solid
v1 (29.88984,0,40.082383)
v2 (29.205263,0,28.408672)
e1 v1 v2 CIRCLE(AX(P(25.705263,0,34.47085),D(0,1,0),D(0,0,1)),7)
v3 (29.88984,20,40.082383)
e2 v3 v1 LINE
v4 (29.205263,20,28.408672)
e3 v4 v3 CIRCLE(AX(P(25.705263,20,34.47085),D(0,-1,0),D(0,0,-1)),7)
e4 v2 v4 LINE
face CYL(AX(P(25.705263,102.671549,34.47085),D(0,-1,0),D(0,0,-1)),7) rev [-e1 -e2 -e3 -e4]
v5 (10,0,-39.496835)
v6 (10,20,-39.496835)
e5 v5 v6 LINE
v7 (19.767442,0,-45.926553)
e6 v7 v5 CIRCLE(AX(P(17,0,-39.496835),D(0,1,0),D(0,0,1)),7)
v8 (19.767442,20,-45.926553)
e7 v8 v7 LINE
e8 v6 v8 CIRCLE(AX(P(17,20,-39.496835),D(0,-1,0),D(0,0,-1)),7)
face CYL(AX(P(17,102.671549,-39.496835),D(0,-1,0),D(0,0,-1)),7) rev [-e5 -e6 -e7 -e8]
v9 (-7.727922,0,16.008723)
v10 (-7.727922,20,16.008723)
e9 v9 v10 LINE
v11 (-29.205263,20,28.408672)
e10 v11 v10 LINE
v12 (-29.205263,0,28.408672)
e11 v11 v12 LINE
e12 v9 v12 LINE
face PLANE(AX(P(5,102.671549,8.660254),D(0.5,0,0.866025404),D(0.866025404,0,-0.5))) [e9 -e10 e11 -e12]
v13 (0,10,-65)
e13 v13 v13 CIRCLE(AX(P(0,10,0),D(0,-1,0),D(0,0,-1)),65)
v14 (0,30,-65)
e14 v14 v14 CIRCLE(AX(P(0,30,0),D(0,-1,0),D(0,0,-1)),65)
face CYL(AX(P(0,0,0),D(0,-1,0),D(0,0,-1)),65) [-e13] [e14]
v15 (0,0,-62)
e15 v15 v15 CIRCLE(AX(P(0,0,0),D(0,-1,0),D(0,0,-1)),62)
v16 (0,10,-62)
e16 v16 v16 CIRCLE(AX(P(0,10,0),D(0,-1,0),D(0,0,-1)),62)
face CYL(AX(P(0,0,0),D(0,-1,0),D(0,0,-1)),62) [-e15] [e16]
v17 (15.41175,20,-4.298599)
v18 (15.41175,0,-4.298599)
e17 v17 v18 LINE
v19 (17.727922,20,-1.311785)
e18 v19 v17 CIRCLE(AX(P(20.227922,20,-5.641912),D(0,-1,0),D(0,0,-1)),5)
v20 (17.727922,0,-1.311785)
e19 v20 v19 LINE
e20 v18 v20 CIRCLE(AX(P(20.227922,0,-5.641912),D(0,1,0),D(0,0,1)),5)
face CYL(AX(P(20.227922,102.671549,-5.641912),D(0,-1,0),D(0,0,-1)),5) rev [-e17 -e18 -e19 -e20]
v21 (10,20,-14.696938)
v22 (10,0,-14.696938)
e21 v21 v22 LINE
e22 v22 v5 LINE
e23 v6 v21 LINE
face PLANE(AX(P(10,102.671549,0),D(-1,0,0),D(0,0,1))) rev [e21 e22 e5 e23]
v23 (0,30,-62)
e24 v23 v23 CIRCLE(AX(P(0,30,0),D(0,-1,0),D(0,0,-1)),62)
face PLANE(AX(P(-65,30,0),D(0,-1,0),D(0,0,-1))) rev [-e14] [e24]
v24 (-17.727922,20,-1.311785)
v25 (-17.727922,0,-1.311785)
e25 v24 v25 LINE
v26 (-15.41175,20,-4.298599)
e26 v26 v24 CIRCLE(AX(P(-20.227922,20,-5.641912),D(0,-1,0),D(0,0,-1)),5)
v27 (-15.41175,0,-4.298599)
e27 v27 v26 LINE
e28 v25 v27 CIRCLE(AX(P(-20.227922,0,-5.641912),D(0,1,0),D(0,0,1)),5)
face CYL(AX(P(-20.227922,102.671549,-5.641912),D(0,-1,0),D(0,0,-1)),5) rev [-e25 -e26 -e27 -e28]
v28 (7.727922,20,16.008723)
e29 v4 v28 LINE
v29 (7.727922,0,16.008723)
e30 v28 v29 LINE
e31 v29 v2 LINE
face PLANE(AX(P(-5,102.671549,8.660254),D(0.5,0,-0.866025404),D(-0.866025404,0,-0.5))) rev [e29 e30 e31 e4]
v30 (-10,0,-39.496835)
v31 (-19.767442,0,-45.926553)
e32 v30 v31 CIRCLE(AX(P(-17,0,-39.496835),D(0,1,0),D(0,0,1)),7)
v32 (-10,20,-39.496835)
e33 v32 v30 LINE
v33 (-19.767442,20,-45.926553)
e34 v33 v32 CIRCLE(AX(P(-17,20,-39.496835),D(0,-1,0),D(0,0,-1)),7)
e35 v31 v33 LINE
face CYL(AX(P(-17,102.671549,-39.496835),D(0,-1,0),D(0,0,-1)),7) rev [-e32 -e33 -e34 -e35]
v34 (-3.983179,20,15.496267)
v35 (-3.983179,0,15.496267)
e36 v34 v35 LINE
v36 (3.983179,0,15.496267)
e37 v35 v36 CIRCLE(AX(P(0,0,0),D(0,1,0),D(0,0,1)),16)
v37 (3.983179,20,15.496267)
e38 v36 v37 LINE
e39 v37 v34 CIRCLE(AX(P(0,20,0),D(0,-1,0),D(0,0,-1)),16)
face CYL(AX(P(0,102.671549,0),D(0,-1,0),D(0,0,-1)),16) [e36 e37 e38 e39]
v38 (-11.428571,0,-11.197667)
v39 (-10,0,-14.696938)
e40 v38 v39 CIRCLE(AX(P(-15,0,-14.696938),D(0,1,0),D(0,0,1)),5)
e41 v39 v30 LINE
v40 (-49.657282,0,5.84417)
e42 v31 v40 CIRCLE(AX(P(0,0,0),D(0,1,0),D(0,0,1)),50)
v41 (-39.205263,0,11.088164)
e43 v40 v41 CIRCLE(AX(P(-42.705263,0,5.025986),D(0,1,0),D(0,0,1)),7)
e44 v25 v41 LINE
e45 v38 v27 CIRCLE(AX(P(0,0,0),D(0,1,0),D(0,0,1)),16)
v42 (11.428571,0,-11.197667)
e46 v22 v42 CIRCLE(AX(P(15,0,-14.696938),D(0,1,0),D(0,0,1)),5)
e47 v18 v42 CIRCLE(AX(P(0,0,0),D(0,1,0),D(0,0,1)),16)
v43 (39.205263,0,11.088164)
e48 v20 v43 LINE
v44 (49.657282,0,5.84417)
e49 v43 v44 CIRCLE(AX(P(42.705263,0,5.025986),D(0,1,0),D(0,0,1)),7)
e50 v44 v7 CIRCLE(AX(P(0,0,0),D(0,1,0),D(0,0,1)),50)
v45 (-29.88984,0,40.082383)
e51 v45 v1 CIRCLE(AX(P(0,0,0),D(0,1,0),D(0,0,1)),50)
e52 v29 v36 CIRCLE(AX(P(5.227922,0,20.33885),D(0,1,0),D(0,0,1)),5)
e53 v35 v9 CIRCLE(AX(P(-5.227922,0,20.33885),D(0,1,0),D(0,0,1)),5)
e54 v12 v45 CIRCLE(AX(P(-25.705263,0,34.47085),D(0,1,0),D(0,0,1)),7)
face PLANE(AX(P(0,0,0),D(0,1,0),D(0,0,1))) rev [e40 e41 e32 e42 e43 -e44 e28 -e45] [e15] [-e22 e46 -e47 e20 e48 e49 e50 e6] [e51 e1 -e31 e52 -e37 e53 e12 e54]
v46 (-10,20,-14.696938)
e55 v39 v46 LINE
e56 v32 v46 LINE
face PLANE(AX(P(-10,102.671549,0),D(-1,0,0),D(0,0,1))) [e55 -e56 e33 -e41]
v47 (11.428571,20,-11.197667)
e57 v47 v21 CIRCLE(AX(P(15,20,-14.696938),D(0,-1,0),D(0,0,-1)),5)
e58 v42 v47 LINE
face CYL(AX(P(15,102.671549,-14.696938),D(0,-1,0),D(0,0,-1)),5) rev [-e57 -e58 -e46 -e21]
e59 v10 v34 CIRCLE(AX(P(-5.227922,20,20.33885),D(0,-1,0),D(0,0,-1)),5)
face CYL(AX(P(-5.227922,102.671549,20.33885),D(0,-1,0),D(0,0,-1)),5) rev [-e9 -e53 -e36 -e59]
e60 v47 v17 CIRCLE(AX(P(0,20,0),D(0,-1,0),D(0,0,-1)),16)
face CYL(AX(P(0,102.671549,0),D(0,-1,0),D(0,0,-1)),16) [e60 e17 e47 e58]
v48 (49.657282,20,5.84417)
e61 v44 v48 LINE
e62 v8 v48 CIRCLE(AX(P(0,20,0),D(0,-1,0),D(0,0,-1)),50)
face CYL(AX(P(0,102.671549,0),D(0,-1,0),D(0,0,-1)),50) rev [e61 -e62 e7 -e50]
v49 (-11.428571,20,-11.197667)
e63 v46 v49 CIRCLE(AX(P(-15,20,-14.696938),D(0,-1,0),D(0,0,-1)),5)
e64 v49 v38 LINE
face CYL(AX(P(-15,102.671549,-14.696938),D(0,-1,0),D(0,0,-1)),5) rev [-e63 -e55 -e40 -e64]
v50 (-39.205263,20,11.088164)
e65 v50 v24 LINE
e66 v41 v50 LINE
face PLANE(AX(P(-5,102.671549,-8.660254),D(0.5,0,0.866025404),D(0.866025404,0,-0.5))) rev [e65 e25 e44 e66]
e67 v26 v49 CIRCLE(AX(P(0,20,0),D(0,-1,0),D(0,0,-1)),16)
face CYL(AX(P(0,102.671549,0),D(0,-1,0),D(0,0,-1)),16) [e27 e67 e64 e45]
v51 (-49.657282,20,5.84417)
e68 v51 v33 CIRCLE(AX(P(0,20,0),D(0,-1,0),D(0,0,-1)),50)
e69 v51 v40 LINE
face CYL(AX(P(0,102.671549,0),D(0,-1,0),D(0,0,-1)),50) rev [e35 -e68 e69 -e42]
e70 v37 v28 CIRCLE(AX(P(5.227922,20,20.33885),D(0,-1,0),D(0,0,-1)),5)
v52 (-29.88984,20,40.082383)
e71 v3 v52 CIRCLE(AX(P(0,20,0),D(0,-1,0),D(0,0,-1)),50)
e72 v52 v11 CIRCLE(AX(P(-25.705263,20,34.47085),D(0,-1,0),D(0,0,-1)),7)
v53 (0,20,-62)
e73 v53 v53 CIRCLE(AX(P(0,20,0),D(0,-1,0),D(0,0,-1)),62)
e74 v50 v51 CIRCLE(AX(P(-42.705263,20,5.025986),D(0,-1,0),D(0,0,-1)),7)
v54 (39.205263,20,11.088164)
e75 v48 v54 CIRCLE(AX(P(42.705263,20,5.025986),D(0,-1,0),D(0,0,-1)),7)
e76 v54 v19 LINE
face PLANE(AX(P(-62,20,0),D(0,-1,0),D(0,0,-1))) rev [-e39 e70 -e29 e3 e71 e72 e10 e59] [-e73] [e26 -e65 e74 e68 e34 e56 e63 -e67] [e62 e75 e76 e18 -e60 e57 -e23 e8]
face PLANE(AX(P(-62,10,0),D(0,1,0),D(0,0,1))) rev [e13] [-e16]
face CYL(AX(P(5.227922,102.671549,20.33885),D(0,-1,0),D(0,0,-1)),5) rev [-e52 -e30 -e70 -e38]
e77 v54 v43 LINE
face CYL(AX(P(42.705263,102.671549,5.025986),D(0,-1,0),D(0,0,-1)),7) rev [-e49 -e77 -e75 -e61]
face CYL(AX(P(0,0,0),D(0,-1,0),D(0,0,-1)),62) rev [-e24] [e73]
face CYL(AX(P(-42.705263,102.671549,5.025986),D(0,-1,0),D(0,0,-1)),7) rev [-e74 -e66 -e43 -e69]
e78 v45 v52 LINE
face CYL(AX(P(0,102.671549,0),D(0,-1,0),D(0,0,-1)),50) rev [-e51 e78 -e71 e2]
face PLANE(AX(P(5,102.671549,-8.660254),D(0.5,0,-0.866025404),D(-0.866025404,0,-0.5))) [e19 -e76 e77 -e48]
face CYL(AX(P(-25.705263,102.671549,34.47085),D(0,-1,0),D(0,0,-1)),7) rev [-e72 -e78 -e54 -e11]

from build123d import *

# Parameters (mm, degrees)
CUT_EXTRUDE1_DEPTH = 20
FILLET1_R          = 5
FILLET2_R          = 7


with BuildPart() as part:
    # Sketch1 → Revolve1 (revolve)
    with BuildSketch(Plane.XY, mode=Mode.PRIVATE) as revolve1_sk:
        Polygon((0, 0), (-62, 0), (-62, 10), (-65, 10), (-65, 30), (-62, 30), (-62, 20), (0, 20), align=None)
    revolve(revolve1_sk.sketch.rotate(Axis((0, 0, 0), (0, 1, 0)), 270), axis=Axis((0, 0, 0), (0, 1, 0)))

    # Szkic1 → Cut-Extrude1 (cut)
    with BuildSketch(Plane(origin=(0, 0, 0), x_dir=(1, 0, 0), z_dir=(0, 1, 0))):
        with BuildLine():
            ThreePointArc((-15.816653826, 2.415256039), (-13.856406461, 8), (-10, 12.489995997))
            Line((-10, 12.489995997), (-10, 48.989794856))
            ThreePointArc((-10, 48.989794856), (-43.301270189, 25), (-47.426406871, -15.83464339))
            Line((-47.426406871, -15.83464339), (-15.816653826, 2.415256039))
        make_face()
        with BuildLine():
            Line((10, 48.989794856), (10, 12.489995997))
            ThreePointArc((10, 12.489995997), (13.856406461, 8), (15.816653826, 2.415256039))
            Line((15.816653826, 2.415256039), (47.426406871, -15.83464339))
            ThreePointArc((47.426406871, -15.83464339), (49.352407963, -8.021211144), (50, 0))
            ThreePointArc((50, 0), (38.729833462, 31.622776602), (10, 48.989794856))
        make_face()
        with BuildLine():
            ThreePointArc((5.816653826, -14.905252036), (0, -16), (-5.816653826, -14.905252036))
            Line((-5.816653826, -14.905252036), (-37.426406871, -33.155151466))
            ThreePointArc((-37.426406871, -33.155151466), (0, -50), (37.426406871, -33.155151466))
            Line((37.426406871, -33.155151466), (5.816653826, -14.905252036))
        make_face()
    extrude(amount=CUT_EXTRUDE1_DEPTH, mode=Mode.SUBTRACT)

    # Fillet1
    fillet1_edges = [part.edges().sort_by_distance(p)[0] for p in [
        (10, 10, -12.489995997),
        (15.816653826, 10, -2.415256039),
        (5.816653826, 10, 14.905252036),
        (-5.816653826, 10, 14.905252036),
        (-15.816653826, 10, -2.415256039),
        (-10, 10, -12.489995997),
    ]]
    fillet(fillet1_edges, radius=FILLET1_R)

    # Fillet2
    fillet2_edges = [part.edges().sort_by_distance(p)[0] for p in [
        (47.426406871, 10, 15.83464339),
        (10, 10, -48.989794856),
        (-37.426406871, 10, 33.155151466),
        (37.426406871, 10, 33.155151466),
        (-10, 10, -48.989794856),
        (-47.426406871, 10, 15.83464339),
    ]]
    fillet(fillet2_edges, radius=FILLET2_R)


solid = part.part
